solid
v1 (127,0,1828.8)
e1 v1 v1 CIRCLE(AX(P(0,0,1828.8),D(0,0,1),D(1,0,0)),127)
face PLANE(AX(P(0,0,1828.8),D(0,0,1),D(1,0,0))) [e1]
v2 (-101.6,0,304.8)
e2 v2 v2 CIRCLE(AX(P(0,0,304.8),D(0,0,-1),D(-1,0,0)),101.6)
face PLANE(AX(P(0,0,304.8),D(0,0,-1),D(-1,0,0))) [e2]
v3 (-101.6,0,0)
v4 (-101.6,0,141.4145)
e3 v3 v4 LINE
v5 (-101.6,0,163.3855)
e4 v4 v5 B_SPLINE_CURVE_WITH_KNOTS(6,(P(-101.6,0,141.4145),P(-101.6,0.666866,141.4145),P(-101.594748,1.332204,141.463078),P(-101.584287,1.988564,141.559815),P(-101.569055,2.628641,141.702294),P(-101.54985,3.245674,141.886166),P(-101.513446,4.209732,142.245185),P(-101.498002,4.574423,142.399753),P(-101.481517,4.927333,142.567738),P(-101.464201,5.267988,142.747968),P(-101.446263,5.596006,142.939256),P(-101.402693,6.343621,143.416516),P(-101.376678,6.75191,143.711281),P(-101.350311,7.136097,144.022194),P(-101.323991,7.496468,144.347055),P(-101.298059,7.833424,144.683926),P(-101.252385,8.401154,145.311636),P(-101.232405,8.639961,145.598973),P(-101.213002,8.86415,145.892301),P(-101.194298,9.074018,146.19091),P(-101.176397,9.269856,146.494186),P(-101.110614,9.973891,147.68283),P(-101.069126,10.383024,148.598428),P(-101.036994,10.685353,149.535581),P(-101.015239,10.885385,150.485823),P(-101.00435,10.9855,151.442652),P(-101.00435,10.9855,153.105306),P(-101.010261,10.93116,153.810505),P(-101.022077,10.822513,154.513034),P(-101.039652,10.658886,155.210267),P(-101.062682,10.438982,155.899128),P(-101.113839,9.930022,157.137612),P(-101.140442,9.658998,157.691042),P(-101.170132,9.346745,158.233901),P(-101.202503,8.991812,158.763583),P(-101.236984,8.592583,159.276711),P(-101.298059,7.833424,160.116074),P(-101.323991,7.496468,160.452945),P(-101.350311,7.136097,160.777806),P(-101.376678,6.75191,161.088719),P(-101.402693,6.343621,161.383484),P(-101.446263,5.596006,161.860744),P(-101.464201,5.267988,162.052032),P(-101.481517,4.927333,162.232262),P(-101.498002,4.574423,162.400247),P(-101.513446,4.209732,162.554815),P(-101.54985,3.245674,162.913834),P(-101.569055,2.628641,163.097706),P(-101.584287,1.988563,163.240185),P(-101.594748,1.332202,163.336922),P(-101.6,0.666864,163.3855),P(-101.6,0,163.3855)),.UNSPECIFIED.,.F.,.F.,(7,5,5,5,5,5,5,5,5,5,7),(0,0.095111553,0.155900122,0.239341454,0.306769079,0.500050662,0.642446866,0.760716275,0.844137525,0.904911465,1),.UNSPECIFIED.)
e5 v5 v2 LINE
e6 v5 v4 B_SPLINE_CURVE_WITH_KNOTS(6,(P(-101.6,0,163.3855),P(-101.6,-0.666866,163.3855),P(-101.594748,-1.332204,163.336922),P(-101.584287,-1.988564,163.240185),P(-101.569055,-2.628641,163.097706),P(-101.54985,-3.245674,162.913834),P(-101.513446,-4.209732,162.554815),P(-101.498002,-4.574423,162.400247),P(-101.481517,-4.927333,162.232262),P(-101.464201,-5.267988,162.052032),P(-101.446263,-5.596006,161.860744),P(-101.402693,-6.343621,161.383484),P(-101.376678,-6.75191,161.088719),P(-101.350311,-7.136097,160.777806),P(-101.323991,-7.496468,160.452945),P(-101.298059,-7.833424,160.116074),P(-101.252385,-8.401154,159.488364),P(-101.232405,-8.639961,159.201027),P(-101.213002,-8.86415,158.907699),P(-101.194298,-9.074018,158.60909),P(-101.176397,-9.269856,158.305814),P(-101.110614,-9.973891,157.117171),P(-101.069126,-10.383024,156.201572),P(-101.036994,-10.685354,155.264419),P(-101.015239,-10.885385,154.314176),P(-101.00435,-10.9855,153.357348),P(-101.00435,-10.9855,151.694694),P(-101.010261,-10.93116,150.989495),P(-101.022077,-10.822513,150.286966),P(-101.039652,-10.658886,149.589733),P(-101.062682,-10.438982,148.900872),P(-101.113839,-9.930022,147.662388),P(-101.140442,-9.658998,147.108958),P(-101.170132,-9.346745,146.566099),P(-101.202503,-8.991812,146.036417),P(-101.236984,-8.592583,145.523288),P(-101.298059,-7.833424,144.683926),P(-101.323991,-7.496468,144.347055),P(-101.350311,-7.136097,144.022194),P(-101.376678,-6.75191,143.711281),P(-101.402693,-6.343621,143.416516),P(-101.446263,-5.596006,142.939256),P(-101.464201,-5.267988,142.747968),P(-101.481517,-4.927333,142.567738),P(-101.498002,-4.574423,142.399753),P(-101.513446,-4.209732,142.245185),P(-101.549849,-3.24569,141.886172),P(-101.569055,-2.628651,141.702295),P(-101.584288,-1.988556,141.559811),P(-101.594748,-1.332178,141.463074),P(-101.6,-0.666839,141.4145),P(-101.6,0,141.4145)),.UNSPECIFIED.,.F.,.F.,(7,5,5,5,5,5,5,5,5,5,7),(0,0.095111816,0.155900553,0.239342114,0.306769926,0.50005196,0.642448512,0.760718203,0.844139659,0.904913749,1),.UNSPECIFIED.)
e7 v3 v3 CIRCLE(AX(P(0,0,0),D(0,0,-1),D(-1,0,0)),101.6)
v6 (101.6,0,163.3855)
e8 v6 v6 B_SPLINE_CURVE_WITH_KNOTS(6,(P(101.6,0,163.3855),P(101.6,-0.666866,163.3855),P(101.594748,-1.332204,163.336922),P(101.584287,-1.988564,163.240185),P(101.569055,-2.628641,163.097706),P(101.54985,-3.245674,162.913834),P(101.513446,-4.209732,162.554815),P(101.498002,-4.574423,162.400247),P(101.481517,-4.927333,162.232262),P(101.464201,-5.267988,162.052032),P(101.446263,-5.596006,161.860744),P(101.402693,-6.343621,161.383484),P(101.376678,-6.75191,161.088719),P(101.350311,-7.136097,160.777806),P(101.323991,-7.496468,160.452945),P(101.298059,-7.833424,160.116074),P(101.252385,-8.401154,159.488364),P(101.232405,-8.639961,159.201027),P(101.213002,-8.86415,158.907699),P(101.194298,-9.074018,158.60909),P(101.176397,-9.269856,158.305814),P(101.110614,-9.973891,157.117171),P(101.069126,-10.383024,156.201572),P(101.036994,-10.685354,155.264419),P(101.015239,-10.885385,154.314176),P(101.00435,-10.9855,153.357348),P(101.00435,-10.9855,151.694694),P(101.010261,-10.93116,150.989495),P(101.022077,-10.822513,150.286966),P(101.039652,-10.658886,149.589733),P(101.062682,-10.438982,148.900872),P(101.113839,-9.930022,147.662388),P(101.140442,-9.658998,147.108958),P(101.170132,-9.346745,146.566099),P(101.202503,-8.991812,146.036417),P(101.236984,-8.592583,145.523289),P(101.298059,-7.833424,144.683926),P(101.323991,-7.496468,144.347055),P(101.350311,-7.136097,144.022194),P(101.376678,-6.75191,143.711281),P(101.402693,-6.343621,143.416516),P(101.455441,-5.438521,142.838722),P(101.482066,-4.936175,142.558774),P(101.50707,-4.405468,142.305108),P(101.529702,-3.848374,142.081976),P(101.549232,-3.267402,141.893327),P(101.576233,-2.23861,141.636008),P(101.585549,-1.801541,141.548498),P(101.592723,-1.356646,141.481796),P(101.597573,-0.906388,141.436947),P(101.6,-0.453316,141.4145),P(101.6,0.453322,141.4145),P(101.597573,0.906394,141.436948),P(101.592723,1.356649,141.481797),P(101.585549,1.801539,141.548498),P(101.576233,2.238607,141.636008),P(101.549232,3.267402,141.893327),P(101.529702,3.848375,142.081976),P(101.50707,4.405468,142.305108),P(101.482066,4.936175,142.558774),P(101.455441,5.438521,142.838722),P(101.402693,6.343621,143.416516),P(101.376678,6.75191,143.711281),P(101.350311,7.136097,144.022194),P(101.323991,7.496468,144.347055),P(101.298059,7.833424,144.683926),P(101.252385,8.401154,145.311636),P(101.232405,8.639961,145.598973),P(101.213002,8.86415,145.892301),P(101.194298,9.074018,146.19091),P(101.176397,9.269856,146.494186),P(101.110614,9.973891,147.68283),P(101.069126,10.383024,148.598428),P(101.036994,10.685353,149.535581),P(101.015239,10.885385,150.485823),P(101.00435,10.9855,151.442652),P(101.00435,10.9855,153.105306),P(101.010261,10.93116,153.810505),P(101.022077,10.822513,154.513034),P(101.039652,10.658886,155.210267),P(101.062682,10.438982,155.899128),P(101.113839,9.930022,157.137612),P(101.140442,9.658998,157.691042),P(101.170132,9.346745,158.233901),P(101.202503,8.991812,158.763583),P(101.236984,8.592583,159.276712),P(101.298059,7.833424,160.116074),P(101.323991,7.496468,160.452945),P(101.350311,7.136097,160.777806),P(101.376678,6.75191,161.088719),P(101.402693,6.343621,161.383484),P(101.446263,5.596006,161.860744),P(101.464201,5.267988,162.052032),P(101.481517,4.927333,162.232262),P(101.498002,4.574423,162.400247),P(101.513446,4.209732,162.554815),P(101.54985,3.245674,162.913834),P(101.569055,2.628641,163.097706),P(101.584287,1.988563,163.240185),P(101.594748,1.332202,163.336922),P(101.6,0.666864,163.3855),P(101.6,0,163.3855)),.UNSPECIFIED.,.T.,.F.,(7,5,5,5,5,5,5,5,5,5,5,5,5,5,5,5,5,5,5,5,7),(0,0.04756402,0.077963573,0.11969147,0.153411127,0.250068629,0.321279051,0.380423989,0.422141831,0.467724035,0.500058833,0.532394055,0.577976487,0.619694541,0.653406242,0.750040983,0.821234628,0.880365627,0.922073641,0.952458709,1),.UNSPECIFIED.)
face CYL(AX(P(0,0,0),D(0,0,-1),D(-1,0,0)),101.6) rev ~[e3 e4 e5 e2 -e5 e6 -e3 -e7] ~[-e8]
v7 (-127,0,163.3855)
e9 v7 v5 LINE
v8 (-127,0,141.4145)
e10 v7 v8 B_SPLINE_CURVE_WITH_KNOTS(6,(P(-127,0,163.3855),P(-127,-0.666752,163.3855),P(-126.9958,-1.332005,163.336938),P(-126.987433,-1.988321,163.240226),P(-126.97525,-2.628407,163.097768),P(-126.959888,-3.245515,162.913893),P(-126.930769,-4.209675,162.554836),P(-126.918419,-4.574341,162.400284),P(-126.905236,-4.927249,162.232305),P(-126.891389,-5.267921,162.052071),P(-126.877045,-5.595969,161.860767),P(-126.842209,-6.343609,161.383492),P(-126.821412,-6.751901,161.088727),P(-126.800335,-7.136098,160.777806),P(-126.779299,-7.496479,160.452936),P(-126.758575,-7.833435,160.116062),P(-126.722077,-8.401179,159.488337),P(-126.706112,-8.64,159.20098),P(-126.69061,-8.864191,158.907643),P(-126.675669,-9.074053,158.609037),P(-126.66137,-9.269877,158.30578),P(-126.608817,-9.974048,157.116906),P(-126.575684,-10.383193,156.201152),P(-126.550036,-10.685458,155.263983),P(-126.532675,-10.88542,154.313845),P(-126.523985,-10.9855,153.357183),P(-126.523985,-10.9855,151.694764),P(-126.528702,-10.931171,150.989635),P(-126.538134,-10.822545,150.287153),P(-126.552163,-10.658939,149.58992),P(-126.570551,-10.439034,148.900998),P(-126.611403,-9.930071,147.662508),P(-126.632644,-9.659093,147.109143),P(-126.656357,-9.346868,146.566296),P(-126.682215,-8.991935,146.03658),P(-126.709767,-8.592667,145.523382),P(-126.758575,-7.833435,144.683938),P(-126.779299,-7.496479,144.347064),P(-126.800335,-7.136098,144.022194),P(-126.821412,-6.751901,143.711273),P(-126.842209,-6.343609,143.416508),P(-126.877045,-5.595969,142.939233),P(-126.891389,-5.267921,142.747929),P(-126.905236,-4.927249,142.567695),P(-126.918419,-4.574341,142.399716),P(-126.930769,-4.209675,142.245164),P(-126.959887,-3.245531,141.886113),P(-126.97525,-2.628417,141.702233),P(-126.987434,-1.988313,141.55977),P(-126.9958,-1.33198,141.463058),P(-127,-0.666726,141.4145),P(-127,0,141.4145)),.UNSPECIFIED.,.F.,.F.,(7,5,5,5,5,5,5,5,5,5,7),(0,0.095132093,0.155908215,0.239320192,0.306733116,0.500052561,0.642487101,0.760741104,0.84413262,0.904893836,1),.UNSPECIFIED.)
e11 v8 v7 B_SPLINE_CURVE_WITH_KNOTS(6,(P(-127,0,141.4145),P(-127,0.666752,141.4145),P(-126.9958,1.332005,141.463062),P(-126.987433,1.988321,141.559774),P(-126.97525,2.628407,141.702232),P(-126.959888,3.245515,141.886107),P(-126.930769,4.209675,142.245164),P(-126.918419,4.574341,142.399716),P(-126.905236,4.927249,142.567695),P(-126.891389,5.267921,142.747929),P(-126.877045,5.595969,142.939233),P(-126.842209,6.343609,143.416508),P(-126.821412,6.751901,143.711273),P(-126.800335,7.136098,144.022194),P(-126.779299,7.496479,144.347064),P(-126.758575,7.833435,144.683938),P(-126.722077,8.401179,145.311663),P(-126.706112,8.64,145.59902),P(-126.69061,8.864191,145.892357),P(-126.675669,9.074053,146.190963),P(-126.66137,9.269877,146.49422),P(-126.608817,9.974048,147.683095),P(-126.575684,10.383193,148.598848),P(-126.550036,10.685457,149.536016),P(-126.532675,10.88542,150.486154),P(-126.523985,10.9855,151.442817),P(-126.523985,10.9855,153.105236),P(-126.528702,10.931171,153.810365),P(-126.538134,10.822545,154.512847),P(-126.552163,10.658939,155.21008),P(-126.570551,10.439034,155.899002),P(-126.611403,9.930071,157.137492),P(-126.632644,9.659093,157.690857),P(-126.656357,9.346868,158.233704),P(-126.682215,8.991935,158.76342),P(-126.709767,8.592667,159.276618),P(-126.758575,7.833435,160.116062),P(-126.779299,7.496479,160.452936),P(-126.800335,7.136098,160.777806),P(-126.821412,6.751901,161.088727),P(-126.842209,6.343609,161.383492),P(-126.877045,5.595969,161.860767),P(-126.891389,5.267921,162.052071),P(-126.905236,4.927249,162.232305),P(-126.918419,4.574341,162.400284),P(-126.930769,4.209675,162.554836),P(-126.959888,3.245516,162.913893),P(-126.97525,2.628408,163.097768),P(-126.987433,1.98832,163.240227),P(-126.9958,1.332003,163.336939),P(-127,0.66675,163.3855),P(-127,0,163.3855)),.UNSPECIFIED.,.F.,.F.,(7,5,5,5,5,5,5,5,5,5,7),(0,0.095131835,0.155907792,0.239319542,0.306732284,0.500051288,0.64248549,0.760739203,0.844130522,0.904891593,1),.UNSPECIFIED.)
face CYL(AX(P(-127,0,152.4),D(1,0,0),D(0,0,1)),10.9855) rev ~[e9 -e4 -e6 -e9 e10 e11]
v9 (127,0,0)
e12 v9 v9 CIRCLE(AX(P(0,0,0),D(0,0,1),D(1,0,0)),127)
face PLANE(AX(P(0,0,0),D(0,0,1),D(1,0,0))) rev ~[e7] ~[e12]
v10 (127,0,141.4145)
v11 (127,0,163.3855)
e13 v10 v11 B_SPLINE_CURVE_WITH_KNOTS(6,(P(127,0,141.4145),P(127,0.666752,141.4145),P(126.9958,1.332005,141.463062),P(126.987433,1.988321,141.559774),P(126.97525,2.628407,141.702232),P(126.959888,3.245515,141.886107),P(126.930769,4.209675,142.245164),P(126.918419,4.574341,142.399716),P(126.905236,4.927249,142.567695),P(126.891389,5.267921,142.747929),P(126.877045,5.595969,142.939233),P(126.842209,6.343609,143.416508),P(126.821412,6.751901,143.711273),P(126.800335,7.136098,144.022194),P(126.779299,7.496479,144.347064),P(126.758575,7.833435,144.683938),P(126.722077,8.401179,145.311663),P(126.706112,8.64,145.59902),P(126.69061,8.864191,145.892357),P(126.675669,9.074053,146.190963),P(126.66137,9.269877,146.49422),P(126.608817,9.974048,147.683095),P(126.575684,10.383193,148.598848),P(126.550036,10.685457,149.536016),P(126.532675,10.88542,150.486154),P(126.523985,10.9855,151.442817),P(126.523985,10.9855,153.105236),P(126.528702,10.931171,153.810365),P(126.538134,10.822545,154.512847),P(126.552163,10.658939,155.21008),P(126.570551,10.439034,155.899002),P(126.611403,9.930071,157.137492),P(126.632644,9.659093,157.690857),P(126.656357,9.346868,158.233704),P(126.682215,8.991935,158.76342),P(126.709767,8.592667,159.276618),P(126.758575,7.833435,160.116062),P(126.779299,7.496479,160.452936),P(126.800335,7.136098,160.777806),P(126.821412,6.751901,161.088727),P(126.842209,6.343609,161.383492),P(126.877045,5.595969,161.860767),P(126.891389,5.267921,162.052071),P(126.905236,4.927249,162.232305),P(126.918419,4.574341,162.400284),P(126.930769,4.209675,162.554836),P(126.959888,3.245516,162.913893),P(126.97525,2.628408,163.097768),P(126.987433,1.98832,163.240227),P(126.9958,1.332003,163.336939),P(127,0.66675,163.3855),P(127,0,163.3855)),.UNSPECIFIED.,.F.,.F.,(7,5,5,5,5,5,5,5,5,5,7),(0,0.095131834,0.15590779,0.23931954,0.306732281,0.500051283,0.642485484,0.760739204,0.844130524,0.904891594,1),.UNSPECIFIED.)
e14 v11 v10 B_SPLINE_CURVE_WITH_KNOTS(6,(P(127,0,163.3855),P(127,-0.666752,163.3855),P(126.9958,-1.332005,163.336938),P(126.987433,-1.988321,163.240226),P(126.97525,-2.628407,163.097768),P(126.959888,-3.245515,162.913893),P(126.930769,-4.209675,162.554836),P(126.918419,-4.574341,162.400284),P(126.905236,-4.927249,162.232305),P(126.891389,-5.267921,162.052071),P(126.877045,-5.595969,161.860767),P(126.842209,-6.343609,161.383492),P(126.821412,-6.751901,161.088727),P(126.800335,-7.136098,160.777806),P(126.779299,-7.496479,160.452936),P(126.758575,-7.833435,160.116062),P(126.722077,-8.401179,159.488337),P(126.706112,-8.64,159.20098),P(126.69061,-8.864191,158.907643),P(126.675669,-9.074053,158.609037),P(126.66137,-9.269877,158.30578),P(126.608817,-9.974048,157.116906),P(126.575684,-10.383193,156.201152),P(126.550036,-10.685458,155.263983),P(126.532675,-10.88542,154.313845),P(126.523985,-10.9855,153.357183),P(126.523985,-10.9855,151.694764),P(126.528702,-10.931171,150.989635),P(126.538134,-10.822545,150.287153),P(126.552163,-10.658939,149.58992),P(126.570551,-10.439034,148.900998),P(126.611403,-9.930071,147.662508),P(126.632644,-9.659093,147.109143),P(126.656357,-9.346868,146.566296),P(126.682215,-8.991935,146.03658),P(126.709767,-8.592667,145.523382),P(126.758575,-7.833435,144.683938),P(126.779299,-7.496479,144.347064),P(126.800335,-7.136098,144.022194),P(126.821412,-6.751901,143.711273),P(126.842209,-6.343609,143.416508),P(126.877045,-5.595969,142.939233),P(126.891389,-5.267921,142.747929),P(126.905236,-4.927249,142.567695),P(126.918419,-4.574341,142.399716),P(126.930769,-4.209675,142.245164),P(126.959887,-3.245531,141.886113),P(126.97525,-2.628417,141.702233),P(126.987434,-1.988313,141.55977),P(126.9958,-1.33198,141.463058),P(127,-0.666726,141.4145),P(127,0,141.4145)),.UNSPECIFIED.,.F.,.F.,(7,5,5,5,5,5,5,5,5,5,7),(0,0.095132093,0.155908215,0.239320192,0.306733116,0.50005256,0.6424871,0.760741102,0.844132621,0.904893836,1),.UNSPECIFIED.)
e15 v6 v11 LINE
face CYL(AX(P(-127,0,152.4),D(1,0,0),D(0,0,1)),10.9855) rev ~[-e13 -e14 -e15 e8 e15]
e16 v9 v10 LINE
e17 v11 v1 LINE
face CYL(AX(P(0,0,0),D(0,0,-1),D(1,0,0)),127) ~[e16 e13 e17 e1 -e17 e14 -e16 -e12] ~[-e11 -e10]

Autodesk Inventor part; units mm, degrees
ref_plane "XZ Plane" through (0, 0, 0) normal (0, 1, 0) x (-1, 0, 0)
ref_plane "XY Plane" through (0, 0, 0) normal (0, 0, 1) x (1, 0, 0)
sketch "Sketch1" plane through (0, 0, 0) normal (0, 0, 1) x (1, 0, 0)
  circle A0 centre (0, 0) radius 127
  dimension "d0" = 254
extrude "Extrusion1" add sketch "Sketch1" along normal blind 1828.8
ref_plane "Work Plane1" through (-127, 0, 0) normal (1, 0, 0) x (0, 1, 0)
sketch "Sketch2" plane through (0, 0, 0) normal (0, 0, -1) x (-1, 0, 0)
  circle A0 centre (0, 0) radius 101.6
  dimension "d3" = 203.2
extrude "Extrusion2" cut sketch "Sketch2" against normal blind 304.8
sketch "Sketch3" plane through (-127, 0, 0) normal (1, 0, 0) x (0, 1, 0)
  circle A0 centre (0, 152.4) radius 12.7
  point P0 (0, 0)
  dimension "d6" = 25.4
  dimension "d7" = 152.4
hole "Hole1" at (-127, 0, 152.4) direction (1, 0, 0) diameter 21.971 end through all thread size "1-8 UNC" class "2B" standard "ANSI Unified Screw Threads"
properties part number "OuterRadiusPoleAJB"
